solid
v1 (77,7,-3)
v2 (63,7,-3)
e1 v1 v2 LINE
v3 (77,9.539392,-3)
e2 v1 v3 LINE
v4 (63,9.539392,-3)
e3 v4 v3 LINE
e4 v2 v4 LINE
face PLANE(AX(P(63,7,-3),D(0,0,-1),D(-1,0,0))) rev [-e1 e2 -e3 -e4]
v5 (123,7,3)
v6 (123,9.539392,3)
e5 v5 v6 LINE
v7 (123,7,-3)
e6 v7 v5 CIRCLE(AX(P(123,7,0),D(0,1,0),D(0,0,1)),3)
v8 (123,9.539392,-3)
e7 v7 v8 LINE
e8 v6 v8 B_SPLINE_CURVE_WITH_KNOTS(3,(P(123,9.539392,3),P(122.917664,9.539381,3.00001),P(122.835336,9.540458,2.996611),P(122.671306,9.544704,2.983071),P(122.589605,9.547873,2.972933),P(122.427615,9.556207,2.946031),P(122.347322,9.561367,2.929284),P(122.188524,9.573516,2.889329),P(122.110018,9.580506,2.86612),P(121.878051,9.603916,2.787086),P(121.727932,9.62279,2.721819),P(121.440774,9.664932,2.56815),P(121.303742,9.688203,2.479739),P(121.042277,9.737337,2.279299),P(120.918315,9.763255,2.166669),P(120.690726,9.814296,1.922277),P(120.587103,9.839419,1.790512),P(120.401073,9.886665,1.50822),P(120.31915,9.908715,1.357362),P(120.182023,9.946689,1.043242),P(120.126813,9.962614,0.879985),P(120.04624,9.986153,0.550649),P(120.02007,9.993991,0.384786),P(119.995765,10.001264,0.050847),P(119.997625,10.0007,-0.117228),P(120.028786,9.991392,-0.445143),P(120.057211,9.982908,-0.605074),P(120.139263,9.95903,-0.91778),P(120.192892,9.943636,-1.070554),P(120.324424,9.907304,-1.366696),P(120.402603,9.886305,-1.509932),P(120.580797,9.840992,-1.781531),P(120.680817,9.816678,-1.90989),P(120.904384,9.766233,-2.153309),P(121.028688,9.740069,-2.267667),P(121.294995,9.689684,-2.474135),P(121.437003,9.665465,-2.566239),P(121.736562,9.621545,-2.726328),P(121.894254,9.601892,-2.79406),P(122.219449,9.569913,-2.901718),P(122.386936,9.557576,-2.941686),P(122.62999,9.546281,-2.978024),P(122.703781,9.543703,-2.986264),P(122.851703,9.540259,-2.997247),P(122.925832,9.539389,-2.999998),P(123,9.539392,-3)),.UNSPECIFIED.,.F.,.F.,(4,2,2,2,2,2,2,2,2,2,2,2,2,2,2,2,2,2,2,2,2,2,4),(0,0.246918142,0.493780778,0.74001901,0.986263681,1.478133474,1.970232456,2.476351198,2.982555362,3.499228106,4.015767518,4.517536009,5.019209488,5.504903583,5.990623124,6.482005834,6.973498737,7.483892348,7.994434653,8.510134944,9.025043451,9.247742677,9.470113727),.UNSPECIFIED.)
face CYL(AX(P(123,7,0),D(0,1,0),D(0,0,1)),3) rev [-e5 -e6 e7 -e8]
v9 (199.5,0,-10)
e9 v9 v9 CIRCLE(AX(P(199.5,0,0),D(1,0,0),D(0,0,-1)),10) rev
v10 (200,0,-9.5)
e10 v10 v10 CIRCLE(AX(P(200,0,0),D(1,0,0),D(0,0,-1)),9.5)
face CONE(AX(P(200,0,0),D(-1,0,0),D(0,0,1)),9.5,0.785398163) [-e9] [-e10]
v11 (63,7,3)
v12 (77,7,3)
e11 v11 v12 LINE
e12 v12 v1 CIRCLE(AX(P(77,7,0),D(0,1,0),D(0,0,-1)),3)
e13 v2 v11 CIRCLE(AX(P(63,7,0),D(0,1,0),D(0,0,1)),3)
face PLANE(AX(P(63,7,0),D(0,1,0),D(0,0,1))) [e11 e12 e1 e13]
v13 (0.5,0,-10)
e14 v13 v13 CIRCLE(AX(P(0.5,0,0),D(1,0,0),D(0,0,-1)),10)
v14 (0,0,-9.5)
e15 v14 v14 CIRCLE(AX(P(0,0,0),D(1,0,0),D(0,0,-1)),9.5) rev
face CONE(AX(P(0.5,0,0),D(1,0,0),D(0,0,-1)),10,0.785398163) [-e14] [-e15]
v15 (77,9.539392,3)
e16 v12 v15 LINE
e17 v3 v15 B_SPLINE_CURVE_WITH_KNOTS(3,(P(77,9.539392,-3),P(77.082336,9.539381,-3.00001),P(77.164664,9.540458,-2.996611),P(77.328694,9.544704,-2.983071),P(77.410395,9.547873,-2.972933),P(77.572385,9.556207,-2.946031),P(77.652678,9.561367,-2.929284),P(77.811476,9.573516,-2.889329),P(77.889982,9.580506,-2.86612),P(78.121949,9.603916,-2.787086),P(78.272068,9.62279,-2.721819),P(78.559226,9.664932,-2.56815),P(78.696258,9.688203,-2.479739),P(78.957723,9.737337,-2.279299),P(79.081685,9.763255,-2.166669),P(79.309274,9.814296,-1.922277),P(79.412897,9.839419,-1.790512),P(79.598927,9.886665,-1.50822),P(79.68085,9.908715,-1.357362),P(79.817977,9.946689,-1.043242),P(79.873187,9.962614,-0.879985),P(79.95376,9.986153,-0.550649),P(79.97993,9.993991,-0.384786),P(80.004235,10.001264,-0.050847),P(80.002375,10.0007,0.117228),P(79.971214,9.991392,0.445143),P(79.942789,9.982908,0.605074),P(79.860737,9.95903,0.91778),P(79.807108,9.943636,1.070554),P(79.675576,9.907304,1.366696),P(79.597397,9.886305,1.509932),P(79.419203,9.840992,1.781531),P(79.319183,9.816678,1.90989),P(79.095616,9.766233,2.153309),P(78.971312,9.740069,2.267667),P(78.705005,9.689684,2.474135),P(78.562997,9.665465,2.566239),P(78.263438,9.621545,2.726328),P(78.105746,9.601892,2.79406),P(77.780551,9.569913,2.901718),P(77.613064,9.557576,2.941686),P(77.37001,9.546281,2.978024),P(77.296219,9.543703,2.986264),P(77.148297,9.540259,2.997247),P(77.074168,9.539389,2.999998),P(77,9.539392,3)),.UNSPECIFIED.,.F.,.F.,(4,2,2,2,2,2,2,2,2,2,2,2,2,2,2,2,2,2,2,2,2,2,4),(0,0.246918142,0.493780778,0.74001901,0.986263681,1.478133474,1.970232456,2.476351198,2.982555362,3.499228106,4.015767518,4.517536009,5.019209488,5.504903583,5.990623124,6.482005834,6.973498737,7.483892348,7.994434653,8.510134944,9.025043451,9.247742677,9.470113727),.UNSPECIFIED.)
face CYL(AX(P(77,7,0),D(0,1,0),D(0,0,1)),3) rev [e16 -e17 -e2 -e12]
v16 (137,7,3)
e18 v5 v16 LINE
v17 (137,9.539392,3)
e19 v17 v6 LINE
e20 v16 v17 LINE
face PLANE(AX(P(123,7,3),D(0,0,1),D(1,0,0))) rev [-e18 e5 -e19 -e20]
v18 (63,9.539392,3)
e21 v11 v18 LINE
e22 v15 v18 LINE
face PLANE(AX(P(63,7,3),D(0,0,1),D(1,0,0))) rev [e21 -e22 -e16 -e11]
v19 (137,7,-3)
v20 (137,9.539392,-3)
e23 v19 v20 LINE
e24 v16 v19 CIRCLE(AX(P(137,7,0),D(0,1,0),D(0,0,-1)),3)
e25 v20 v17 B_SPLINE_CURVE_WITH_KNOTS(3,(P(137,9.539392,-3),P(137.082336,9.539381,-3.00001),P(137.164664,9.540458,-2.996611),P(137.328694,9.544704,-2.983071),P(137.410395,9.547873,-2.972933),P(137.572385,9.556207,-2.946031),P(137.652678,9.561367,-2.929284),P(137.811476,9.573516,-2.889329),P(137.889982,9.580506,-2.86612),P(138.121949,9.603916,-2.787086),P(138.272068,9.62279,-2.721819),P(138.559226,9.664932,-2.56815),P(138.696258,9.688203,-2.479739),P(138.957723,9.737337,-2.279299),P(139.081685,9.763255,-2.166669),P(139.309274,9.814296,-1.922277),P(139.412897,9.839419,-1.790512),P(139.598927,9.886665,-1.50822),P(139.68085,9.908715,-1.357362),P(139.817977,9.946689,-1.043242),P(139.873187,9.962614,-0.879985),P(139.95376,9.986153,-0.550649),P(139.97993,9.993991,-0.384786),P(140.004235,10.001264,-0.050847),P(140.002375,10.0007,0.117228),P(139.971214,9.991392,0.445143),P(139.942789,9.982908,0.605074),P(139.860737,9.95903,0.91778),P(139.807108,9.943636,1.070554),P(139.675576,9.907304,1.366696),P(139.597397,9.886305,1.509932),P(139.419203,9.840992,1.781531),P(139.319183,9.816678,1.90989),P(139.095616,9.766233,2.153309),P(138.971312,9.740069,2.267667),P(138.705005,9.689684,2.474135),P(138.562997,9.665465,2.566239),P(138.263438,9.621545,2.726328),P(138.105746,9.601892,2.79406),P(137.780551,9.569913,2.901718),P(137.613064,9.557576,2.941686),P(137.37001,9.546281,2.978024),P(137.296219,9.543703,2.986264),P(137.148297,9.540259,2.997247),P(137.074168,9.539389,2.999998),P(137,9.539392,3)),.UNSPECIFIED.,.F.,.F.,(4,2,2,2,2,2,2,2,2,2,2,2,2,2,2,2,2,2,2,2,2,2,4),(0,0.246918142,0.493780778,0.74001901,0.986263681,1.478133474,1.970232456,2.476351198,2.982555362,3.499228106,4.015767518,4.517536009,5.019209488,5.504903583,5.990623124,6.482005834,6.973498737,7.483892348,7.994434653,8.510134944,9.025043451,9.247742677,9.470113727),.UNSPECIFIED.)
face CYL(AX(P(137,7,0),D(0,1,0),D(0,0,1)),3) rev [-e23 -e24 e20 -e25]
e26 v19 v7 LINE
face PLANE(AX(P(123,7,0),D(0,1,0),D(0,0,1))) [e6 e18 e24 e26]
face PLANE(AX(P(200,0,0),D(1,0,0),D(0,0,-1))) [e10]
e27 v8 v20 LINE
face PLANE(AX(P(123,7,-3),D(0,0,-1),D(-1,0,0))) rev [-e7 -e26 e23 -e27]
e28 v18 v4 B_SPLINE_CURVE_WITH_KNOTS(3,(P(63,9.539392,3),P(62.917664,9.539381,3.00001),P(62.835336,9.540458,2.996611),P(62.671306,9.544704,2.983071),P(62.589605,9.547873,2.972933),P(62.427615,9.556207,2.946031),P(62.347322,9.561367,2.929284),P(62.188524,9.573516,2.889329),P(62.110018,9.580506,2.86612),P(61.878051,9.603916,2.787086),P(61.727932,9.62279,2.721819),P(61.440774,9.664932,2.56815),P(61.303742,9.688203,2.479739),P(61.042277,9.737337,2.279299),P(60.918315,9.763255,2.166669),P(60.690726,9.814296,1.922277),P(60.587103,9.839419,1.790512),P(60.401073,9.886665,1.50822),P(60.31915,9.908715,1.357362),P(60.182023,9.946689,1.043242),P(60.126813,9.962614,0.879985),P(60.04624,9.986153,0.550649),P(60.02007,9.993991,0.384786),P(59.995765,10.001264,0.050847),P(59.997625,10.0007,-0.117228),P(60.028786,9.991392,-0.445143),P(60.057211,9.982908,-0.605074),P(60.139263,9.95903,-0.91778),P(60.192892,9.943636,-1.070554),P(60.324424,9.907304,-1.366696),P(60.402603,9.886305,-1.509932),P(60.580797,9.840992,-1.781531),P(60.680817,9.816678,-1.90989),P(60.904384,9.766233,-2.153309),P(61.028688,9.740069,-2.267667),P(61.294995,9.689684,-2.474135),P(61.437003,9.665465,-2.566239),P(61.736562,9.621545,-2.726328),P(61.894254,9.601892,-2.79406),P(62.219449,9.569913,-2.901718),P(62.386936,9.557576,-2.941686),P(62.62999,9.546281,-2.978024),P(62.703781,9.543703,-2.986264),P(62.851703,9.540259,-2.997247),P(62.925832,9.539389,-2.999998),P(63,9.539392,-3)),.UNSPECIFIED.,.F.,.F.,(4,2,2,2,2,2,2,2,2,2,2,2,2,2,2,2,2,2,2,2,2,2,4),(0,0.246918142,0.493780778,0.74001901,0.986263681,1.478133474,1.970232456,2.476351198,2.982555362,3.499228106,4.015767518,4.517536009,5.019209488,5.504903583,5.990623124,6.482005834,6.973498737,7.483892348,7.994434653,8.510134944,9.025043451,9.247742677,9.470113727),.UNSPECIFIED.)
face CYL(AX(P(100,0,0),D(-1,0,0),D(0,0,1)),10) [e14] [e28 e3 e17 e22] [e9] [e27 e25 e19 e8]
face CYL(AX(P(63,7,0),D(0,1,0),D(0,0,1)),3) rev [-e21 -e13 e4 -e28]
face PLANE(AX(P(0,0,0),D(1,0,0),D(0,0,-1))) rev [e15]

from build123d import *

# Parameters (mm, degrees)
SKETCH_1_R          = 10
EXTRUDE_1_DEPTH     = 100
CUT_EXTRUDE_1_DEPTH = 3
CHAMFER_1_SIZE      = 0.5
SKETCH_3_R          = 10
EXTRUDE_2_DEPTH     = 100
CUT_EXTRUDE_2_DEPTH = 3
CHAMFER_2_SIZE      = 0.5


with BuildPart() as part:
    # 草图1 → 凸台-拉伸1 (new body)
    with BuildSketch(Plane(origin=(0, 0, 0), x_dir=(0, 0, -1), z_dir=(1, 0, 0))):
        Circle(SKETCH_1_R)
    extrude(amount=EXTRUDE_1_DEPTH)

    # 草图2 → 切除-拉伸1 (cut)
    with BuildSketch(Plane(origin=(0, 10, 0), x_dir=(1, 0, 0), z_dir=(0, 1, 0))):
        with BuildLine():
            Line((63, 3), (77, 3))
            ThreePointArc((77, 3), (80, 0), (77, -3))
            Line((77, -3), (63, -3))
            ThreePointArc((63, -3), (60, 0), (63, 3))
        make_face()
    extrude(amount=-CUT_EXTRUDE_1_DEPTH, mode=Mode.SUBTRACT)

    # 倒角1
    chamfer_1_edges = [part.edges().sort_by_distance(p)[0] for p in [
        (0, 0, 10),
    ]]
    chamfer(chamfer_1_edges, length=CHAMFER_1_SIZE)

    # 草图3 → 凸台-拉伸2 (add)
    with BuildSketch(Plane(origin=(100, 0, 0), x_dir=(0, 0, -1), z_dir=(1, 0, 0))):
        Circle(SKETCH_3_R)
    extrude(amount=EXTRUDE_2_DEPTH)

    # 草图4 → 切除-拉伸2 (cut)
    with BuildSketch(Plane(origin=(0, 10, 0), x_dir=(1, 0, 0), z_dir=(0, 1, 0))):
        with BuildLine():
            Line((123, 3), (137, 3))
            ThreePointArc((137, 3), (140, 0), (137, -3))
            Line((137, -3), (123, -3))
            ThreePointArc((123, -3), (120, 0), (123, 3))
        make_face()
    extrude(amount=-CUT_EXTRUDE_2_DEPTH, mode=Mode.SUBTRACT)

    # 倒角2
    chamfer_2_edges = [part.edges().sort_by_distance(p)[0] for p in [
        (200, 0, 10),
    ]]
    chamfer(chamfer_2_edges, length=CHAMFER_2_SIZE)


solid = part.part
